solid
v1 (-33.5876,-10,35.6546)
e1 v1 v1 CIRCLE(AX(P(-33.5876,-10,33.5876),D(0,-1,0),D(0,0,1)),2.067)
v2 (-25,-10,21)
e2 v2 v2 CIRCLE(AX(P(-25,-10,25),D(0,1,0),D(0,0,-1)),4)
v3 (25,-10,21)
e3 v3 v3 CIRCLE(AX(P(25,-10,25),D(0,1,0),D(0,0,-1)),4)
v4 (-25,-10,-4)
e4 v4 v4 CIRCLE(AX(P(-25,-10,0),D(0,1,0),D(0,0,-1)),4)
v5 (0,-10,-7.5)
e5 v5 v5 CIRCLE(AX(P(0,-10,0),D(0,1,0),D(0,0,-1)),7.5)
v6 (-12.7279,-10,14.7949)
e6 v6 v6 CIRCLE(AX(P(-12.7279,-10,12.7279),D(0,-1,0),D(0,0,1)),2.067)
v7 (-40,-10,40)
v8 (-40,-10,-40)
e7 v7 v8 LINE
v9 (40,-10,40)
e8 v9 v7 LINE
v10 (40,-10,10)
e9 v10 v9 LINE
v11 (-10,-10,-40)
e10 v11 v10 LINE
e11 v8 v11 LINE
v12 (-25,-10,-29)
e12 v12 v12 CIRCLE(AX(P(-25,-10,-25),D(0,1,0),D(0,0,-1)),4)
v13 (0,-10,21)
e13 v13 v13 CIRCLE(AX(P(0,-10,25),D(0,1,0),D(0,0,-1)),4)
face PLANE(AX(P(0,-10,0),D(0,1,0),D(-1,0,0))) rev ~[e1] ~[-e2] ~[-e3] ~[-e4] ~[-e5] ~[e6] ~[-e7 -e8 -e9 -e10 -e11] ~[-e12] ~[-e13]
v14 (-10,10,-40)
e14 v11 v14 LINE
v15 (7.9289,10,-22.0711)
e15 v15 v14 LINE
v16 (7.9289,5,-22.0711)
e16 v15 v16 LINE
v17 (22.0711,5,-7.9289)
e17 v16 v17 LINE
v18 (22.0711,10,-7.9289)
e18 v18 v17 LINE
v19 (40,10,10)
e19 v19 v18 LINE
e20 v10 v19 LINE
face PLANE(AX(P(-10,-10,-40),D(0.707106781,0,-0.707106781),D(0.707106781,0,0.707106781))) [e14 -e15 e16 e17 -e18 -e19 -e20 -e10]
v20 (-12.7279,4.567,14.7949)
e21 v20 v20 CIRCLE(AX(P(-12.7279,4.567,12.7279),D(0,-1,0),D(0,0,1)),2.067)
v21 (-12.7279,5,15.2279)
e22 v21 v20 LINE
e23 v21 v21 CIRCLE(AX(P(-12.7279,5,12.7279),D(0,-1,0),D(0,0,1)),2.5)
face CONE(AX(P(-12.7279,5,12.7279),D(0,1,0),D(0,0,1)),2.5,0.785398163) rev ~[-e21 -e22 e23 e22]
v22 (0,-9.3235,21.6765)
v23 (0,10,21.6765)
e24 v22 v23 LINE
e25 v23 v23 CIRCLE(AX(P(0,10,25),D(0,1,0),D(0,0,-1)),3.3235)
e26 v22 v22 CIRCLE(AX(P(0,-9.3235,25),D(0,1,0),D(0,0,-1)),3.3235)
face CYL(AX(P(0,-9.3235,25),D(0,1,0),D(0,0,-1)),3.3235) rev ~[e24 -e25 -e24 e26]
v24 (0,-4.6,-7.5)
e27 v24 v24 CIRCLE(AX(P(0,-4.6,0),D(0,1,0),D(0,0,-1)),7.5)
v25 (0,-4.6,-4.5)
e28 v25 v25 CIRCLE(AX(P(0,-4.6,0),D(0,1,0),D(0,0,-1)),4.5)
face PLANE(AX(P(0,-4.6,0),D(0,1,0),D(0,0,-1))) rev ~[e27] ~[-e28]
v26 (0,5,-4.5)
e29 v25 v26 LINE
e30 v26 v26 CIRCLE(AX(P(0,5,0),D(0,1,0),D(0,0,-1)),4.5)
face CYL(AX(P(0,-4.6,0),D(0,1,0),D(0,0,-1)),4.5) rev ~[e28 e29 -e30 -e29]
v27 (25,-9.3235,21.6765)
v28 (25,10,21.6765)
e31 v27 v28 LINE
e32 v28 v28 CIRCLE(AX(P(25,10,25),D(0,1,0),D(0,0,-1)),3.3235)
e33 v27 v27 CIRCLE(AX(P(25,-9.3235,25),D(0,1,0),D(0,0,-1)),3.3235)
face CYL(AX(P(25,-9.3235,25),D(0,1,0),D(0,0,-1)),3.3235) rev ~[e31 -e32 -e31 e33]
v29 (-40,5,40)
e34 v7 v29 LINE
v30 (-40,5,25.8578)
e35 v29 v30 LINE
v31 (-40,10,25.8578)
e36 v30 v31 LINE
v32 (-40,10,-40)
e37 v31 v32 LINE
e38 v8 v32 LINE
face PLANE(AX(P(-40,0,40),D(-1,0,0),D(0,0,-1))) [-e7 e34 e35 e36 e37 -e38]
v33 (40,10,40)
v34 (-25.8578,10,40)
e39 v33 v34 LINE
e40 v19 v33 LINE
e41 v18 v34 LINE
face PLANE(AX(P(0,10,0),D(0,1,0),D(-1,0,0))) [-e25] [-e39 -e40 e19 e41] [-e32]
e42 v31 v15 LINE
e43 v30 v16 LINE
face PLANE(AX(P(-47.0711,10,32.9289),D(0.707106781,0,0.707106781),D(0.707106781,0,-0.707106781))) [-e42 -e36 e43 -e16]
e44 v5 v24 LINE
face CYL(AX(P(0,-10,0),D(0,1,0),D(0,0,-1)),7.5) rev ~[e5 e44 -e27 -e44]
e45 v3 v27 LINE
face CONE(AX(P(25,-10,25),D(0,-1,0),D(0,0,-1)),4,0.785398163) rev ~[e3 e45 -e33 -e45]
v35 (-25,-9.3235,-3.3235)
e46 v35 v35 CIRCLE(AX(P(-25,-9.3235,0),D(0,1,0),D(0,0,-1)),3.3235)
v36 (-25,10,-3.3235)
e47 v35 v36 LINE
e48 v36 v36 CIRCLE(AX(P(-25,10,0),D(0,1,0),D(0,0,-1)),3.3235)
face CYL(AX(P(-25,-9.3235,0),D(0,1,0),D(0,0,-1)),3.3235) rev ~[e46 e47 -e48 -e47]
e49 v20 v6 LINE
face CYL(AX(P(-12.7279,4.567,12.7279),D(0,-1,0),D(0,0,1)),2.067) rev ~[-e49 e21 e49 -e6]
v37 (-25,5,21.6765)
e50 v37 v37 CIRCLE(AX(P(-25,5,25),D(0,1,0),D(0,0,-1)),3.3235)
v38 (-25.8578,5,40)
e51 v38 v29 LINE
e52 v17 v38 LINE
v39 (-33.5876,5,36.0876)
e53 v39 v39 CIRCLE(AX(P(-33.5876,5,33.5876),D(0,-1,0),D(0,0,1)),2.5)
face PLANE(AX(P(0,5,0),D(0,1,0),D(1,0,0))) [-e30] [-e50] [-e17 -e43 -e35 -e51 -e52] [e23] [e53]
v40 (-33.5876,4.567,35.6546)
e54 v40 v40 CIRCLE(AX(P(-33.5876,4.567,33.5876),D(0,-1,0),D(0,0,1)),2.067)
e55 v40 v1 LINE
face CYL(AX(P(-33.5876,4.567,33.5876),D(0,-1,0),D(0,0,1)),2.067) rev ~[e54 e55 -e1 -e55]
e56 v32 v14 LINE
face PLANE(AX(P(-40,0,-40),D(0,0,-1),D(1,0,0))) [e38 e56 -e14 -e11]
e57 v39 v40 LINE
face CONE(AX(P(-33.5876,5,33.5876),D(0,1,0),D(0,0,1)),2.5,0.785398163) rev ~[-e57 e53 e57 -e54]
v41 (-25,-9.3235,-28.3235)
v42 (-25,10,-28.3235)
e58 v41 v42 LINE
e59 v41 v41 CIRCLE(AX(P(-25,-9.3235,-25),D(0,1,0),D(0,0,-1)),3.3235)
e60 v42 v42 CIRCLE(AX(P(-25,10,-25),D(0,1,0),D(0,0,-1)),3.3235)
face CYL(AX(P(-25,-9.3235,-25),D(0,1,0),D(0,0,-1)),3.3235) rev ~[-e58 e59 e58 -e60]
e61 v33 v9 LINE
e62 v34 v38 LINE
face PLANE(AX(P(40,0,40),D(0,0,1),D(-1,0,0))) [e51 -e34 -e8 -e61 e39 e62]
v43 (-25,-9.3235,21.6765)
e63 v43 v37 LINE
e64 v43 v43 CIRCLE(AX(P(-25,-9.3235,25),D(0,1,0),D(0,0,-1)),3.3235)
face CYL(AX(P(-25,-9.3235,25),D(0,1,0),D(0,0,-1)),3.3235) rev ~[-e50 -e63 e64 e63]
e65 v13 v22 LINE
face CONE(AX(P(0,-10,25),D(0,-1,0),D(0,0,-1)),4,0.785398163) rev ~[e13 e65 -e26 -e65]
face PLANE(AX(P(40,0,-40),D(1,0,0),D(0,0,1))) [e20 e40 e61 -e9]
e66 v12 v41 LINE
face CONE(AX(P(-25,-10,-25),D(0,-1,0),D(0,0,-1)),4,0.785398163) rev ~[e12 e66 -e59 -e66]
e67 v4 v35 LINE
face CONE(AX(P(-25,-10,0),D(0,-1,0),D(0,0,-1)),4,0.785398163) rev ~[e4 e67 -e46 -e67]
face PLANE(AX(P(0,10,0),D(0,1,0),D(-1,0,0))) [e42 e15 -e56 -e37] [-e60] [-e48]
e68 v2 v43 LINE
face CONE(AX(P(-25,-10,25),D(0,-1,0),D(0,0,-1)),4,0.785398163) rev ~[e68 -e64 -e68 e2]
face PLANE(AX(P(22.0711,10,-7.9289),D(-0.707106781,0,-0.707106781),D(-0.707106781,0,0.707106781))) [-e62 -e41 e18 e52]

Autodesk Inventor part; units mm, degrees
ref_plane "YZ Plane" through (0, 0, 0) normal (1, 0, 0) x (0, 1, 0)
ref_plane "XZ Plane" through (0, 0, 0) normal (0, 1, 0) x (-1, 0, 0)
ref_plane "XY Plane" through (0, 0, 0) normal (0, 0, 1) x (1, 0, 0)
sketch "Basisskizze" plane through (0, 0, 0) normal (0, 1, 0) x (-1, 0, 0)
  line L0 (0, -56) -> (0, 56) construction
  line L1 (56, 0) -> (-56, 0) construction
  line L2 (40, -40) -> (-40, -40)
  line L3 (-40, -40) -> (-40, 40)
  line L4 (-40, 40) -> (40, 40)
  line L5 (40, 40) -> (40, -40)
  line L6 (10, -40) -> (10, 10) construction
  line L7 (10, 10) -> (-40, 10) construction
  point P0 (0, 0)
  dimension "d2" = 80
  dimension "d3" = 30
  dimension "d4" = 30
extrude "Grundkörper" add sketch "Basisskizze" along normal mid plane 20
sketch "Skizze5" plane through (0, -10, 0) normal (0, -1, 0) x (1, 0, 0)
  line L0 (-10, -40) -> (40, 10)
  line L1 (40, 40) -> (-40, 40) projected
  line L2 (-40, 40) -> (-40, -40) projected
  line L3 (-40, -40) -> (40, -40) projected
  line L4 (40, -40) -> (40, 40) projected
  point P0 (0, 0)
  dimension "d19" = 30
  dimension "d20" = 30
extrude "Abschnitt" cut sketch "Skizze5" against normal through all contours L0 L4 L3
sketch "Skizze6" plane through (0, -10, 0) normal (0, -1, 0) x (1, 0, 0)
  line L0 (-10, -40) -> (40, 10) projected
  line L1 (-40, -40) -> (-40, 40) projected
  line L2 (15, -15) -> (-40, 40) construction
  line L3 (-40, -40) -> (-10, -40) projected
  line L4 (-10, -40) -> (-10, 40)
  line L5 (-40, 40) -> (40, 40) projected
  line L6 (40, 10) -> (-40, 10)
  point P0 (0, 0)
  point P1 (0, 0)
  dimension "d23" = 40
  dimension "d24" = 21.2132
hole "DIN7984_M8" at (0, -10, 0) direction (0, 1, 0) diameter 9 end through all counterbore diameter 15 counterbore depth 5.4
sketch "Skizze7" plane through (0, 10, 0) normal (0, 1, 0) x (1, 0, 0)
  line L0 (40, -10) -> (-10, 40) construction
  line L1 (15, 15) -> (-40, -40) construction
  line L2 (22.0711, 7.9289) -> (-32.9289, -47.0711)
  line L3 (-32.9289, -47.0711) -> (-47.0711, -32.9289)
  line L4 (-47.0711, -32.9289) -> (7.9289, 22.0711)
  line L5 (7.9289, 22.0711) -> (22.0711, 7.9289)
  point P0 (0, 0)
  dimension "d32" = 20
extrude "NUT_Torsionssicherung" cut sketch "Skizze7" against normal blind 5
sketch "Skizze8" plane through (0, -10, 0) normal (0, -1, 0) x (1, 0, 0)
  line L0 (-10, -40) -> (-40, -40) projected
  line L1 (-25.8579, 40) -> (40, 40) projected
  line L2 (-40, 40) -> (-40, -40) projected
  line L3 (-40, 25.8579) -> (7.9289, -22.0711) projected
  line L4 (-25, -40) -> (-25, 40) construction
  line L5 (40, 40) -> (-40, 40) projected
  line L6 (-40, -40) -> (-10, -40) projected
  line L7 (40, 40) -> (40, 10) projected
  line L8 (40, 25) -> (-40, 25) construction
  line L9 (40, 10) -> (40, 40) projected
  point P0 (0, 0)
  point P1 (-25, 25)
  point P2 (-25, 0)
  point P3 (-25, -25)
  point P4 (0, 25)
  point P5 (25, 25)
  dimension "d38" = 15
  dimension "d39" = 15
  dimension "d43" = 25
  dimension "d48" = 25
  dimension "d49" = 25
hole "M8_Profilgewinde" at (-25, -10, 25) at (-25, -10, 0) at (-25, -10, -25) at (0, -10, 25) at (25, -10, 25) direction (0, 1, 0) diameter 6.647 end through all countersink diameter 8 countersink angle 90 thread size "M8x1.25" class "6H" standard "ISO Metric profile"
sketch "Skizze9" plane through (0, 5, 0) normal (0, 1, 0) x (1, 0, 0)
  circle A0 centre (-25, -25) radius 3.3235 construction
  circle A1 centre (0, 0) radius 4.5 construction
  line L0 (40, -40) -> (-40, -40) projected
  line L1 (-40, -40) -> (0, 0) construction
  line L2 (-17.9289, -32.0711) -> (-32.0711, -17.9289) construction
  line L3 (-40, -25.8579) -> (7.9289, 22.0711) projected
  line L4 (22.0711, 7.9289) -> (-25.8579, -40) projected
  line L5 (-40, 40) -> (-40, -25.8579) projected
  line L6 (7.9289, 22.0711) -> (22.0711, 7.9289) projected
  point P0 (0, 0)
  point P1 (-12.7279, -12.7279)
  point P2 (-33.5876, -33.5876)
  dimension "d72" = 18
  dimension "d73" = 47.5
hole "M5_Bohrung" at (-12.7279, 5, 12.7279) at (-33.5876, 5, 33.5876) direction (0, -1, 0) diameter 4.134 end through all countersink diameter 5 countersink angle 90 thread size "M5x0.8" class "6H" standard "ISO Metric profile"
equation "\"d4\" = d3"
equation "\"d48\" = d43"
equation "\"d49\" = d48"
properties part number "200-20-ROCKER-CONNECTOR-04" material "Aluminium 6061"
